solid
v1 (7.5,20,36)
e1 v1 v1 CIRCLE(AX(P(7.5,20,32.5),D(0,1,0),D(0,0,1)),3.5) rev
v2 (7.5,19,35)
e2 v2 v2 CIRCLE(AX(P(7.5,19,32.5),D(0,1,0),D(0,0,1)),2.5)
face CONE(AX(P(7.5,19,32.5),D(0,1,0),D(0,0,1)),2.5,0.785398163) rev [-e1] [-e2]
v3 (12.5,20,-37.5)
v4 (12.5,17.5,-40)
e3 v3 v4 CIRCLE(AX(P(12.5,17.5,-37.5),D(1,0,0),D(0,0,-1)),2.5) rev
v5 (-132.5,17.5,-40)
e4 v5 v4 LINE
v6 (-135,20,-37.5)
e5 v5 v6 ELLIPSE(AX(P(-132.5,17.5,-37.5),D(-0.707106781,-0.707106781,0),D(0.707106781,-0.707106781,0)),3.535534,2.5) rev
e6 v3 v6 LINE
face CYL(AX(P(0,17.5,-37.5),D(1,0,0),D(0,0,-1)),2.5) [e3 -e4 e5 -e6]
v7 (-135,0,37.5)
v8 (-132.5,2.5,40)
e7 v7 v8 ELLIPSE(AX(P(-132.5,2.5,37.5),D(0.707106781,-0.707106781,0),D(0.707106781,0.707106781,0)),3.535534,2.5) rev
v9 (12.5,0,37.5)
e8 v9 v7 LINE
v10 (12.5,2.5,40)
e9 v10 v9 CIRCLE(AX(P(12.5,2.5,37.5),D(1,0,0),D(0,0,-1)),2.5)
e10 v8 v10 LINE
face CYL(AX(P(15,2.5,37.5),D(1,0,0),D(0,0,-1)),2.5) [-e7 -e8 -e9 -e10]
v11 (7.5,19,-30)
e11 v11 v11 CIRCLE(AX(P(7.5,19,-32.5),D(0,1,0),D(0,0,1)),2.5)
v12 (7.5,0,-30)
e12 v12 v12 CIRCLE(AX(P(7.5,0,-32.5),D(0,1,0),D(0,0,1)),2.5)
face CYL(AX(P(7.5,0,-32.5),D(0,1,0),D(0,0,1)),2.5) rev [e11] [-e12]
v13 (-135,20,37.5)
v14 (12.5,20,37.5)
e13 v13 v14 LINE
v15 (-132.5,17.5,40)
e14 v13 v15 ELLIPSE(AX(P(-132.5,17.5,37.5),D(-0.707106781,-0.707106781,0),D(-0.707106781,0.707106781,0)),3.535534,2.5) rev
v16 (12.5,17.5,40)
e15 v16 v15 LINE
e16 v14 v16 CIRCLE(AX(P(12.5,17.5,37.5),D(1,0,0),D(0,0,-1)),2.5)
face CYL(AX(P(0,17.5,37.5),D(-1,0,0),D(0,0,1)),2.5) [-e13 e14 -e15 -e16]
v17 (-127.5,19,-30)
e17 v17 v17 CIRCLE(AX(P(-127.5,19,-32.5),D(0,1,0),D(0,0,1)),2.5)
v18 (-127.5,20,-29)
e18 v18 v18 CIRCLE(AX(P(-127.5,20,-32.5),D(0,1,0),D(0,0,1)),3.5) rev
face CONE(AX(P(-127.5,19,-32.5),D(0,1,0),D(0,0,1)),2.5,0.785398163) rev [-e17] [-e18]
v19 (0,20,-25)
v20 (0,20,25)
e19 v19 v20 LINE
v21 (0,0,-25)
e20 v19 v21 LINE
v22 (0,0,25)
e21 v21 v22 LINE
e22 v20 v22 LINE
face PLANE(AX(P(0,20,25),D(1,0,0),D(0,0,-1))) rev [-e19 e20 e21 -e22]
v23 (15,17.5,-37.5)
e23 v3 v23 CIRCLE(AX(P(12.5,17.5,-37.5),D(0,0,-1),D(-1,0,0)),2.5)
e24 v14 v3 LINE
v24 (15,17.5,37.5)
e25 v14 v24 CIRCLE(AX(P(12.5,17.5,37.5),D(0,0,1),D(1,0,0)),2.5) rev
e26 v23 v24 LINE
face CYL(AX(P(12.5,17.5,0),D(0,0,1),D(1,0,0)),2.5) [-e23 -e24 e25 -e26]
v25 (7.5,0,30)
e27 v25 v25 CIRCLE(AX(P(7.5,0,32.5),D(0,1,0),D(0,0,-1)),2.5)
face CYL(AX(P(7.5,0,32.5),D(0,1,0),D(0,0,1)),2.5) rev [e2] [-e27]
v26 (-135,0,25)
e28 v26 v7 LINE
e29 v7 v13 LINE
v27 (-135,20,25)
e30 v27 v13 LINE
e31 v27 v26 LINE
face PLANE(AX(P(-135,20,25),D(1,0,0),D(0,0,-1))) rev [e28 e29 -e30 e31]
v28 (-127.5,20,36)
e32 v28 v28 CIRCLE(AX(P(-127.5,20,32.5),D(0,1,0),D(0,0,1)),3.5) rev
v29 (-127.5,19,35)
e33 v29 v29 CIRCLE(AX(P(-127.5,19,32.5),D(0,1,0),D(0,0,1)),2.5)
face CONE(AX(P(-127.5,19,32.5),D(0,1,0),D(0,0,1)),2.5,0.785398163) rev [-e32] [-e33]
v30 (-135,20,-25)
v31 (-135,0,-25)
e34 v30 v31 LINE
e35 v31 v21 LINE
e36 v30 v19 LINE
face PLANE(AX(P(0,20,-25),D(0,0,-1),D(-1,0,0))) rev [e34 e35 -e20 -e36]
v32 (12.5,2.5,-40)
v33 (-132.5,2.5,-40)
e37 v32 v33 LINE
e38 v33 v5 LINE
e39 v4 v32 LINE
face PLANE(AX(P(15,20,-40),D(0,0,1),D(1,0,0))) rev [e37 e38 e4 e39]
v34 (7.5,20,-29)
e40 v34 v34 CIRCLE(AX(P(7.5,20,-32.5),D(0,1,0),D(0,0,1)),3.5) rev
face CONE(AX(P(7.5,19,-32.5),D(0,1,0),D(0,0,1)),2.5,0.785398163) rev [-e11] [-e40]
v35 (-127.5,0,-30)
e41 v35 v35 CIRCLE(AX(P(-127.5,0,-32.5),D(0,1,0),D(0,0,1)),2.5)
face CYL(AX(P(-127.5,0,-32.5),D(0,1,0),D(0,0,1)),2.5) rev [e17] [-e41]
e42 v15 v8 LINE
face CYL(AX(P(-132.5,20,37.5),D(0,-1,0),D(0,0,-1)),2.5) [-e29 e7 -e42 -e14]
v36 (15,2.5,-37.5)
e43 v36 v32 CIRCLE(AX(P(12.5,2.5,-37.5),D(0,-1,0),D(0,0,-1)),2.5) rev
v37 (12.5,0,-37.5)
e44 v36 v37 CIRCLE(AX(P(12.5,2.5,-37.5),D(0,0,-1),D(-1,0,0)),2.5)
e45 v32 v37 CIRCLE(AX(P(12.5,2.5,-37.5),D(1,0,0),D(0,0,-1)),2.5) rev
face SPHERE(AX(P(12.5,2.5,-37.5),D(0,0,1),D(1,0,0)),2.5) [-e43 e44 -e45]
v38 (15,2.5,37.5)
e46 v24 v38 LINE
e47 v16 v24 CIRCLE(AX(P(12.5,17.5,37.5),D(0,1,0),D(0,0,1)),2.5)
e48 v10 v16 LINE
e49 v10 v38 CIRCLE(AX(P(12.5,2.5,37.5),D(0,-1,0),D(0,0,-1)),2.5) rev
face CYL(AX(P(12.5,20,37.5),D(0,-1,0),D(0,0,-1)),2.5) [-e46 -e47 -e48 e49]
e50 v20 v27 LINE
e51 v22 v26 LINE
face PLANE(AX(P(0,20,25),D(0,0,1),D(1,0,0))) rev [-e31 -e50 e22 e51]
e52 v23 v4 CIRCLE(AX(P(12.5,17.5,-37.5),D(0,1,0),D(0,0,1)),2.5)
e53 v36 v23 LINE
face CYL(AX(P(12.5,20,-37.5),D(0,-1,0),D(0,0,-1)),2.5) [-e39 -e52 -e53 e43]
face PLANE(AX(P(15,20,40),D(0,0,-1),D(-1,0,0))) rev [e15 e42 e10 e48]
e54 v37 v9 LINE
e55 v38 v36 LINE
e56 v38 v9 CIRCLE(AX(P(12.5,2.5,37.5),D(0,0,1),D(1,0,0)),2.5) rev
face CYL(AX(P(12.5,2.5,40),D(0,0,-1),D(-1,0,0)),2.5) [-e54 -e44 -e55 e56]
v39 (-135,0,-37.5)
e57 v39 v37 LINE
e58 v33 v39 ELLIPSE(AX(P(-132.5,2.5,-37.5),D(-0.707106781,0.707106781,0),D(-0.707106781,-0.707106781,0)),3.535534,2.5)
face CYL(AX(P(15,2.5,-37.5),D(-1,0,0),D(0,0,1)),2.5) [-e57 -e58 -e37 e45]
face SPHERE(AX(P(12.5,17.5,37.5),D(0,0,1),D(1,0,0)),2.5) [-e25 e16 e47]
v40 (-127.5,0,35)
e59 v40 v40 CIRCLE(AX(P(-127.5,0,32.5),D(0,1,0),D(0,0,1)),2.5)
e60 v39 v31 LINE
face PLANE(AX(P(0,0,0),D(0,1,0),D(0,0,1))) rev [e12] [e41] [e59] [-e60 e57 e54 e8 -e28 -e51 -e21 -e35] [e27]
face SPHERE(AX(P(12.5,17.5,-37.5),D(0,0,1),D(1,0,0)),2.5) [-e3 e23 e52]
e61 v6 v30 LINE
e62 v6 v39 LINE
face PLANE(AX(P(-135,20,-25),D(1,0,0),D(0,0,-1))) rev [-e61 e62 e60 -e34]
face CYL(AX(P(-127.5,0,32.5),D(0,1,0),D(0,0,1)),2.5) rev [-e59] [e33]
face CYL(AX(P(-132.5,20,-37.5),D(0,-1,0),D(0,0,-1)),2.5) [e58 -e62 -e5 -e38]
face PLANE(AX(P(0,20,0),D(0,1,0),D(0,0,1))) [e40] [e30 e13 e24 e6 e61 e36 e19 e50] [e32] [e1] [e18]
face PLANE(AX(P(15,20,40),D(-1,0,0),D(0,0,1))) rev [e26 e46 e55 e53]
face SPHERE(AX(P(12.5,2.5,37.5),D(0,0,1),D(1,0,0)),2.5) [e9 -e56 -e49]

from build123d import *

# Parameters (mm, degrees)
BOSS_EXTRUDE1_DEPTH = 20
FILLET1_R           = 2.5
SKETCH2_R           = 2.5
CUT_EXTRUDE1_DEPTH  = 21
CHAMFER1_SIZE       = 1


with BuildPart() as part:
    # Sketch1 → Boss-Extrude1 (new body)
    with BuildSketch(Plane(origin=(0, 0, 0), x_dir=(1, 0, 0), z_dir=(0, 1, 0))):
        Polygon((0, 25), (-135, 25), (-135, 40), (15, 40), (15, -40), (-135, -40), (-135, -25), (0, -25), align=None)
    extrude(amount=BOSS_EXTRUDE1_DEPTH)

    # Fillet1
    fillet1_edges = [part.edges().sort_by_distance(p)[0] for p in [
        (-135, 10, -40),
        (15, 10, -40),
        (15, 10, 40),
        (-135, 10, 40),
        (-60, 20, 40),
        (15, 20, 0),
        (-60, 20, -40),
        (-60, 0, -40),
        (15, 0, 0),
        (-60, 0, 40),
    ]]
    fillet(fillet1_edges, radius=FILLET1_R)

    # Sketch2 → Cut-Extrude1 (cut, through all)
    with BuildSketch(Plane(origin=(0, 20, 0), x_dir=(1, 0, 0), z_dir=(0, 1, 0))):
        with Locations((7.5, 32.5)):
            Circle(SKETCH2_R)
        with Locations((7.5, -32.5)):
            Circle(SKETCH2_R)
        with Locations((-127.5, 32.5)):
            Circle(SKETCH2_R)
        with Locations((-127.5, -32.5)):
            Circle(SKETCH2_R)
    extrude(amount=-CUT_EXTRUDE1_DEPTH, mode=Mode.SUBTRACT)

    # Chamfer1
    chamfer1_edges = [part.edges().sort_by_distance(p)[0] for p in [
        (5, 20, 32.5),
        (-130, 20, -32.5),
        (-130, 20, 32.5),
        (5, 20, -32.5),
    ]]
    chamfer(chamfer1_edges, length=CHAMFER1_SIZE)


solid = part.part
